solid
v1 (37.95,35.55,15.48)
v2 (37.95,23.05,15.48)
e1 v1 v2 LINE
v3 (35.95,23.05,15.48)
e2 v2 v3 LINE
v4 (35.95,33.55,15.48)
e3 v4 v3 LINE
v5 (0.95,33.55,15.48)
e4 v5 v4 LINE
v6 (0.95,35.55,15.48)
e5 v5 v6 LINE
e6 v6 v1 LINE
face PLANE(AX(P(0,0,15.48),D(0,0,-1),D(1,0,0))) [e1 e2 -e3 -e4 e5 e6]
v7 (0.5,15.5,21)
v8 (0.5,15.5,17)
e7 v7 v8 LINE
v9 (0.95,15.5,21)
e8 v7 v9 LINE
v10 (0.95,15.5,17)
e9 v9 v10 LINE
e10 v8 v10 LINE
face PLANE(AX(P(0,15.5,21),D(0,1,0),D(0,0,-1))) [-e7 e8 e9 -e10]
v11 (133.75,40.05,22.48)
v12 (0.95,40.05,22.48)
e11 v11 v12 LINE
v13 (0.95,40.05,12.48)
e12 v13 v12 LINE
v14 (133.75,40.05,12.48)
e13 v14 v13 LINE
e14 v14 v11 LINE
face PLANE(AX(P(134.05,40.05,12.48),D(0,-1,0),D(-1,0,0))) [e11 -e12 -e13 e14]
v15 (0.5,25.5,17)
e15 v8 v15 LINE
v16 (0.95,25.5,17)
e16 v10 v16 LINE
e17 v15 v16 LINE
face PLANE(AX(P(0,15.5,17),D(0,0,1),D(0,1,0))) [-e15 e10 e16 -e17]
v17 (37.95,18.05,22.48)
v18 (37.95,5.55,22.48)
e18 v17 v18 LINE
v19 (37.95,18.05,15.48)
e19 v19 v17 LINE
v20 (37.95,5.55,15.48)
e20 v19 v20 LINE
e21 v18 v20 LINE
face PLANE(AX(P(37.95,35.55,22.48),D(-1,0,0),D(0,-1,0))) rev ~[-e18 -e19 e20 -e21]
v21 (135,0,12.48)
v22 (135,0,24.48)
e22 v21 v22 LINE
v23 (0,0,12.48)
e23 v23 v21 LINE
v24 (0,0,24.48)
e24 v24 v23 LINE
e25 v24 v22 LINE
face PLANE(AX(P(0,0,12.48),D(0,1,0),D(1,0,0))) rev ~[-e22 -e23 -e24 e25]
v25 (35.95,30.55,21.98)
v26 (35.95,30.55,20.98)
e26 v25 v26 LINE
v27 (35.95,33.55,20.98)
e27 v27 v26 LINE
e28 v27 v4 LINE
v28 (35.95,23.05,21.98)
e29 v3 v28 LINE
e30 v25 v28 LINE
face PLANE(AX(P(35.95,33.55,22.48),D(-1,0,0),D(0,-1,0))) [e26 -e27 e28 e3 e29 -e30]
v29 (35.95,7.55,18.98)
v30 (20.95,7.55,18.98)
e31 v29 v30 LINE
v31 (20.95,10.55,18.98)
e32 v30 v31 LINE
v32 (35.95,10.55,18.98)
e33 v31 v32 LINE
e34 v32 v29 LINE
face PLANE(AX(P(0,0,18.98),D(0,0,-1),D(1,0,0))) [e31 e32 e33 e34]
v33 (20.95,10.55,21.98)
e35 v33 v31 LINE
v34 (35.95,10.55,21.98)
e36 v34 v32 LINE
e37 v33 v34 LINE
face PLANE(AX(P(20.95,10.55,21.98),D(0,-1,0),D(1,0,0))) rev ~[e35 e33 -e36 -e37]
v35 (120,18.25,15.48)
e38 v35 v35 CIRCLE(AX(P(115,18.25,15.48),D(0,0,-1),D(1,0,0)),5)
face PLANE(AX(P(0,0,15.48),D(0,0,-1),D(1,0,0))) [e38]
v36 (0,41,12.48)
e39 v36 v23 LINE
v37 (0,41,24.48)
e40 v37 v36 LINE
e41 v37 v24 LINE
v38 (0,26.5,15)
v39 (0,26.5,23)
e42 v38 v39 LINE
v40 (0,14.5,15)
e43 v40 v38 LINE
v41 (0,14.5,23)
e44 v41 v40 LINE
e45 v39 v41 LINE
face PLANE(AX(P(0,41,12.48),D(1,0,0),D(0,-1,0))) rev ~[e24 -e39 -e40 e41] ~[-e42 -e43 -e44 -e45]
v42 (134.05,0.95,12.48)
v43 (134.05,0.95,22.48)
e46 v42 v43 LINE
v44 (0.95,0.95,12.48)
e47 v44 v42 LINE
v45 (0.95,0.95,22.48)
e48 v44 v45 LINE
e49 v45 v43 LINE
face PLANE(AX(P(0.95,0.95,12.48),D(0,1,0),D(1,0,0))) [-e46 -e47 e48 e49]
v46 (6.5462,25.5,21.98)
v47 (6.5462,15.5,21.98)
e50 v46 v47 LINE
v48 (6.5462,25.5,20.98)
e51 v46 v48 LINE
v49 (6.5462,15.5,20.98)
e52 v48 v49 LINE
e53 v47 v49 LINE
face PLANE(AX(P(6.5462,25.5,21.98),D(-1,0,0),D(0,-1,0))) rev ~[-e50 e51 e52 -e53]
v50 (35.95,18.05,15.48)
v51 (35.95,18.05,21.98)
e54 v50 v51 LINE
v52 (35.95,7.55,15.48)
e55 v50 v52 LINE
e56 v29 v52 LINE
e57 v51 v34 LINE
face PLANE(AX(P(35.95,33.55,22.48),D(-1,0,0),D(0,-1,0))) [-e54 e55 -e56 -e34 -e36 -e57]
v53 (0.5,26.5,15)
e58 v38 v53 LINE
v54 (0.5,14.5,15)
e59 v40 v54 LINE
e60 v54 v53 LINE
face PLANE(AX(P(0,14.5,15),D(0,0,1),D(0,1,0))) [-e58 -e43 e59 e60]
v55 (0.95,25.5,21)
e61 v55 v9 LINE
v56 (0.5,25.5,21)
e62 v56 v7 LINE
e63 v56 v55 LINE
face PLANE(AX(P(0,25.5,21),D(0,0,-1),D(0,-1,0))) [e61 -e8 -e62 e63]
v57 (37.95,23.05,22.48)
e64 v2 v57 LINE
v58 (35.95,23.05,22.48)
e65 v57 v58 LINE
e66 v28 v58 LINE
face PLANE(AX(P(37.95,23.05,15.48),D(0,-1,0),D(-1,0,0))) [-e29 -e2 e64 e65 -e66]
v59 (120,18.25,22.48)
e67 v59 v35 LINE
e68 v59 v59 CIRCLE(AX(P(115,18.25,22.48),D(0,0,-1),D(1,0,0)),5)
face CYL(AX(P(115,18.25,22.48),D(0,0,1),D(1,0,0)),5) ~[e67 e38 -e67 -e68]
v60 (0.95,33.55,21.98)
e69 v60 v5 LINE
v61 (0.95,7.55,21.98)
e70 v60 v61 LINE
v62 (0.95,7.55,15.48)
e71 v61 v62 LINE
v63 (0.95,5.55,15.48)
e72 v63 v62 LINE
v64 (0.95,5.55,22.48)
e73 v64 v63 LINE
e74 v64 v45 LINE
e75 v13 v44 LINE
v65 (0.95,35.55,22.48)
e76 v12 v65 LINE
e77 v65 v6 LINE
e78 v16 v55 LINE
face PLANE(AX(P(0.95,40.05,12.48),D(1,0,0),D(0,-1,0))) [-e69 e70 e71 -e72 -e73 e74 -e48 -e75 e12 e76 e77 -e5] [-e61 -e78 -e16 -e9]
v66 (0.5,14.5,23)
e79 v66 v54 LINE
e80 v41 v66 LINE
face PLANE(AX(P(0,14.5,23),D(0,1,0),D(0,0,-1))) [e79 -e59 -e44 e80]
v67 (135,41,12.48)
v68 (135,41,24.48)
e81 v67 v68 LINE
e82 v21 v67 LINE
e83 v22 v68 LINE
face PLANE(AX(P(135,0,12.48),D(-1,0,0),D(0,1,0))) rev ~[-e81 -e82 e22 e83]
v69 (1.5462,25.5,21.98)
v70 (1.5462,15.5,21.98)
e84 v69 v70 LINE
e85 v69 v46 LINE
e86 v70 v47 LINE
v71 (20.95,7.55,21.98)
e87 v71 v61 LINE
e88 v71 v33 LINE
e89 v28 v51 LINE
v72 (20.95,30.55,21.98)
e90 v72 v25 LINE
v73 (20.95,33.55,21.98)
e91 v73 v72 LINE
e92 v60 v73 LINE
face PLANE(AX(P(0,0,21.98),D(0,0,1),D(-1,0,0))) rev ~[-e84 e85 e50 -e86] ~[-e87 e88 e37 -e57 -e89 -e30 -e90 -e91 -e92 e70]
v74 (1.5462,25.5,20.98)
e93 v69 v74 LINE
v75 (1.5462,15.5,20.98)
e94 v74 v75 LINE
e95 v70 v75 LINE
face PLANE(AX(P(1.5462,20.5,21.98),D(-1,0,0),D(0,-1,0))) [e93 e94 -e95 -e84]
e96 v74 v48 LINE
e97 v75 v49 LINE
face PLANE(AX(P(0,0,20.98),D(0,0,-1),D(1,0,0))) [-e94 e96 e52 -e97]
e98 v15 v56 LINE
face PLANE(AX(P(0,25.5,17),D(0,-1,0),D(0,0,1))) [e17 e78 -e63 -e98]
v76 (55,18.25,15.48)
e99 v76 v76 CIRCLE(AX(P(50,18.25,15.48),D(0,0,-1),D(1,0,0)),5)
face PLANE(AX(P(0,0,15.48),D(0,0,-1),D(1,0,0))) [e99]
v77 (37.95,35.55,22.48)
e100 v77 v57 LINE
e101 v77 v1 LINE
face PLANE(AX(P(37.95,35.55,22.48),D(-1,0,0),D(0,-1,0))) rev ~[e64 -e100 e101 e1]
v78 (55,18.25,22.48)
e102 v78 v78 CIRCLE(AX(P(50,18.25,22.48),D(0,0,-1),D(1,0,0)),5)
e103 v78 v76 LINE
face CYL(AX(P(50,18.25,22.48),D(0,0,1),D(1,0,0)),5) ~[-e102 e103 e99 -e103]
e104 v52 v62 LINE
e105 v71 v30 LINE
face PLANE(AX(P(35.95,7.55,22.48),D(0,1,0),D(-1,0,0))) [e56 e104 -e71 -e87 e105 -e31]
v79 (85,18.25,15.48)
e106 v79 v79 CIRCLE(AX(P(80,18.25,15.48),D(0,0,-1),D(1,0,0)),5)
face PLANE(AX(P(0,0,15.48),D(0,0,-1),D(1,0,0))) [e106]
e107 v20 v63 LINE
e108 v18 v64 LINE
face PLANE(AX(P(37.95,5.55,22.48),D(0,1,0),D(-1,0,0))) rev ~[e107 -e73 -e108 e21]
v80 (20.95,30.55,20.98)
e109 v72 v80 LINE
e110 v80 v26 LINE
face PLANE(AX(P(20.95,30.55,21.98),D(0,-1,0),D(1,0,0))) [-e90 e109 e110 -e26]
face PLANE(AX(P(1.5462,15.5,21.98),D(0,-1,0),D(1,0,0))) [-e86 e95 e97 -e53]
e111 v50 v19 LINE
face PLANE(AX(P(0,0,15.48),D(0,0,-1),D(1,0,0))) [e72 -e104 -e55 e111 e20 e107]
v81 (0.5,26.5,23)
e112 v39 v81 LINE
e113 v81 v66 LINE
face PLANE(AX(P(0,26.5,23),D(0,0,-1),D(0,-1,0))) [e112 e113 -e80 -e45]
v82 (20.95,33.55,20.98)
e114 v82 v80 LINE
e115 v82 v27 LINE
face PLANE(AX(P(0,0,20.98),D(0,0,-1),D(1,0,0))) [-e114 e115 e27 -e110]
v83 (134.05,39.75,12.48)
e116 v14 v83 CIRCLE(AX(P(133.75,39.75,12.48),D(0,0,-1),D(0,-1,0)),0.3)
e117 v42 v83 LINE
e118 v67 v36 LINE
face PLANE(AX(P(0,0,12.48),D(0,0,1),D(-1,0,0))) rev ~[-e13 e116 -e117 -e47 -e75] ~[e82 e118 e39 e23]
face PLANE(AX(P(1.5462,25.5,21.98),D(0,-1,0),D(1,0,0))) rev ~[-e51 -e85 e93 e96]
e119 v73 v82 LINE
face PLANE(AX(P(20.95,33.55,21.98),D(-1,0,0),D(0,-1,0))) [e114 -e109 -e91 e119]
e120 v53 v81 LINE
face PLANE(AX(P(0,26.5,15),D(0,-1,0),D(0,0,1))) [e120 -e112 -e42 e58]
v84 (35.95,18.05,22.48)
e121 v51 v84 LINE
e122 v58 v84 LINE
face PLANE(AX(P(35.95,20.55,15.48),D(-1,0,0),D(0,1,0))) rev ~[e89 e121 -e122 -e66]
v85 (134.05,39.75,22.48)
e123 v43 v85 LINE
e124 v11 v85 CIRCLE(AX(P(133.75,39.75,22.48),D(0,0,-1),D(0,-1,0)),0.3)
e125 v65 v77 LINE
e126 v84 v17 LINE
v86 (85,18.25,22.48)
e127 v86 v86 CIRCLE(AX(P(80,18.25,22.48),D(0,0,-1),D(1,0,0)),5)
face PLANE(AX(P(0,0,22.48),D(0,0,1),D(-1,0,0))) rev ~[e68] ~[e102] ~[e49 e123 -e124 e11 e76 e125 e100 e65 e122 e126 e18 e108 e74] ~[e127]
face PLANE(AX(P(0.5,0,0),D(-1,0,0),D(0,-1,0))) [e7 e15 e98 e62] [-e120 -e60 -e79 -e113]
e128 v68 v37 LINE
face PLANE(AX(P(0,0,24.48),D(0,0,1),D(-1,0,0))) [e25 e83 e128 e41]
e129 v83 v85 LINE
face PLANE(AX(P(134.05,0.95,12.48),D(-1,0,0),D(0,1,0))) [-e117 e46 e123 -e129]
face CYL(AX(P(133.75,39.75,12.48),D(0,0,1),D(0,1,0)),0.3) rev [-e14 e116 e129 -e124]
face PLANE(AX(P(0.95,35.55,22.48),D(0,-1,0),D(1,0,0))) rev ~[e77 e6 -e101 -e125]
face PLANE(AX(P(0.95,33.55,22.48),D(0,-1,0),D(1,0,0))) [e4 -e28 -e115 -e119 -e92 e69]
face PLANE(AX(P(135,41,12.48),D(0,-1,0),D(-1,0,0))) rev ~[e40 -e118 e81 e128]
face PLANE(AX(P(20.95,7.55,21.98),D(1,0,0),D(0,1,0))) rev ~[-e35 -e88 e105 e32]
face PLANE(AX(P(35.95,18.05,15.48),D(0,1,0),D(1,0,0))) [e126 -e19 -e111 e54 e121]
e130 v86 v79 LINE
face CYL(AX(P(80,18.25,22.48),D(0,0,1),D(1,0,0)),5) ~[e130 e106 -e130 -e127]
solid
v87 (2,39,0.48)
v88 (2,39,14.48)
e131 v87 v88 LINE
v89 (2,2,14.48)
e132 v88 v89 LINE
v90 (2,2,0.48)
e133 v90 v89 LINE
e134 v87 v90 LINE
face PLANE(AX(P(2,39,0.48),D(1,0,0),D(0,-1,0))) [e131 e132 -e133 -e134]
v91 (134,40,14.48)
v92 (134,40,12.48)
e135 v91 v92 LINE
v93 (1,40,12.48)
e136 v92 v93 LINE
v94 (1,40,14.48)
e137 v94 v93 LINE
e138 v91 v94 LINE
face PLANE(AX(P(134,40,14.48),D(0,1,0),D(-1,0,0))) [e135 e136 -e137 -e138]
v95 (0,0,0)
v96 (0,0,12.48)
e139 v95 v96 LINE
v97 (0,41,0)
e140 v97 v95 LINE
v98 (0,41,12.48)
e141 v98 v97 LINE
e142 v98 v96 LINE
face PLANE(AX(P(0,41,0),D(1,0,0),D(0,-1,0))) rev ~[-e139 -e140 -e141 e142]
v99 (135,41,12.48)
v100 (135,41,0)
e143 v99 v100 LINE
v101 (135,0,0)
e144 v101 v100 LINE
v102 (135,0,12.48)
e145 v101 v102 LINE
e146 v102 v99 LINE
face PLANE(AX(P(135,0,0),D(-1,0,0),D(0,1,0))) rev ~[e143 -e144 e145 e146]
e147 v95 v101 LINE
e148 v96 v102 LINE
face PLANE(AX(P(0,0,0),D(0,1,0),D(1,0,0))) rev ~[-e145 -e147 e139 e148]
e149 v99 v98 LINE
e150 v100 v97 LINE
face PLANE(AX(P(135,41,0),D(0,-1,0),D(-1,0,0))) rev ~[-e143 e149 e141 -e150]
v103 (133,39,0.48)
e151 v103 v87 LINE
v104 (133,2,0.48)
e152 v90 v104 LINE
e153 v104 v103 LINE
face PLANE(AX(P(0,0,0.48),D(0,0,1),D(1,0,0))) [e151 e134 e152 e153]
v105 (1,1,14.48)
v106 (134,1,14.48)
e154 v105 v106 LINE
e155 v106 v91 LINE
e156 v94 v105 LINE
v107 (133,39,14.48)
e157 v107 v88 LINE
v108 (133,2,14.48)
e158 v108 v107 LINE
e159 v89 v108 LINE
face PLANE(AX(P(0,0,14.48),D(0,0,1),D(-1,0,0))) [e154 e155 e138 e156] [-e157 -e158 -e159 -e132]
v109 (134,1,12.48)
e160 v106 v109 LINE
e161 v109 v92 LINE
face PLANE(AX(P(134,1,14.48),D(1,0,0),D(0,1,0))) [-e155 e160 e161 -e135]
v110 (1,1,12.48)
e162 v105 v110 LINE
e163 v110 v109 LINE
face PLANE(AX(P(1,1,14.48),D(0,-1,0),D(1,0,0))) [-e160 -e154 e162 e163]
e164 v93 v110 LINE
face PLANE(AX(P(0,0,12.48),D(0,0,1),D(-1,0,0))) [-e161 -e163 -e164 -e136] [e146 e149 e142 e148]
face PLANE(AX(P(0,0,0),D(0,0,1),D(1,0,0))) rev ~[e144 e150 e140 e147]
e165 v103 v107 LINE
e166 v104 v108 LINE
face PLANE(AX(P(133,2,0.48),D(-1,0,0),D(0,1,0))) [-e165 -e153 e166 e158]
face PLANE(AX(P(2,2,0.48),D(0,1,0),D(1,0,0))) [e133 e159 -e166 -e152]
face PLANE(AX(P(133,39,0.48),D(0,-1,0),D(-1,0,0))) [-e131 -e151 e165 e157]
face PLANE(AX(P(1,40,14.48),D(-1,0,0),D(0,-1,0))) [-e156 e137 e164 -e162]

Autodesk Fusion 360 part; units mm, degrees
sketch "Esquisse1" plane through (0, 0, 0) normal (0, 0, 1) x (1, 0, 0)
  line L0 (0, 0) -> (135, 0)
  line L1 (135, 0) -> (135, 41)
  line L2 (135, 41) -> (0, 41)
  line L3 (0, 41) -> (0, 0)
  dimension "d1" = 135
  dimension "d2" = 41
extrude "Extrusion3" add sketch "Esquisse1" along normal blind 0.48 makes body 1
sketch "Esquisse3" plane through (0, 0, 0.48) normal (0, 0, 1) x (-1, 0, 0)
  line L0 (0, -41) -> (0, 0)
  line L1 (0, 0) -> (-135, 0)
  line L2 (-135, 0) -> (-135, -41)
  line L3 (-135, -41) -> (0, -41)
  line L4 (-2, -2) -> (-133, -2)
  line L5 (-133, -2) -> (-133, -39)
  line L6 (-133, -39) -> (-2, -39)
  line L7 (-2, -39) -> (-2, -2)
  dimension "d11" = -2
extrude "Extrusion5" add sketch "Esquisse3" along normal blind 14 bodies 1
sketch "Esquisse4" plane through (0, 0, 14.48) normal (0, 0, 1) x (-1, 0, 0)
  line L0 (-2, -2) -> (-2, -39)
  line L1 (-2, -39) -> (-133, -39)
  line L2 (-133, -39) -> (-133, -2)
  line L3 (-133, -2) -> (-2, -2)
  line L4 (-135, -41) -> (0, -41)
  line L5 (0, -41) -> (0, 0)
  line L6 (0, 0) -> (-135, 0)
  line L7 (-135, 0) -> (-135, -41)
  line L8 (-1, -1) -> (-134, -1)
  line L9 (-134, -1) -> (-134, -40)
  line L10 (-134, -40) -> (-1, -40)
  line L11 (-1, -40) -> (-1, -1)
  dimension "d14" = -1
extrude "Extrusion6" cut sketch "Esquisse4" against normal blind 2 contours L4 L5 L6 L7 bodies 1
sketch "Esquisse4 (2)" plane through (0, 0, 12.48) normal (0, 0, 1) x (-1, 0, 0) in component "Couvercle"
  line L0 (-1, -1) -> (-1, -40)
  line L1 (-1, -40) -> (-134, -40)
  line L2 (-134, -40) -> (-134, -1)
  line L3 (-134, -1) -> (-1, -1)
  line L4 (-135, 0) -> (-135, -41)
  line L5 (-135, -41) -> (0, -41)
  line L6 (0, -41) -> (0, 0)
  line L7 (0, 0) -> (-135, 0)
  line L8 (0, 0) -> (-135, 0)
  line L9 (-135, 0) -> (-135, -41)
  line L10 (-135, -41) -> (0, -41)
  line L11 (0, -41) -> (0, 0)
  line L12 (-134.05, -40.05) -> (-0.95, -40.05)
  line L13 (-0.95, -40.05) -> (-0.95, -0.95)
  line L14 (-0.95, -0.95) -> (-134.05, -0.95)
  line L15 (-134.05, -0.95) -> (-134.05, -40.05)
  dimension "d28" = -0.95
extrude "Extrusion1" add sketch "Esquisse4 (2)" along normal blind 10 separate body contours L4 L5 L6 L7 L8 L9 L10 L11 makes body 2 in component "Couvercle"
sketch "Esquisse5" plane through (0, 0, 22.48) normal (0, 0, 1) x (-1, 0, 0) in component "Couvercle"
  line L0 (-134.05, -40.05) -> (-134.05, -0.95)
  line L1 (-134.05, -0.95) -> (-0.95, -0.95)
  line L2 (-0.95, -0.95) -> (-0.95, -40.05)
  line L3 (-0.95, -40.05) -> (-134.05, -40.05)
  line L4 (0, -41) -> (0, 0)
  line L5 (0, 0) -> (-135, 0)
  line L6 (-135, 0) -> (-135, -41)
  line L7 (-135, -41) -> (0, -41)
  line L8 (0, 0) -> (-135, 0)
  line L9 (-135, 0) -> (-135, -41)
  line L10 (-135, -41) -> (0, -41)
  line L11 (0, -41) -> (0, 0)
extrude "Extrusion2" add sketch "Esquisse5" along normal blind 2 contours L0 L1 L2 L3 | L4 L5 L6 L7 L8 L9 L10 L11 bodies 2 in component "Couvercle"
sketch "Esquisse7" plane through (0, 0, 22.48) normal (0, 0, -1) x (1, 0, 0) in component "Couvercle"
  line L0 (0.95, -40.05) -> (134.05, -40.05)
  line L1 (134.05, -40.05) -> (134.05, -0.95)
  line L2 (134.05, -0.95) -> (0.95, -0.95)
  line L3 (0.95, -0.95) -> (0.95, -40.05)
  line L4 (0.95, -33.55) -> (35.95, -33.55)
  line L5 (35.95, -33.55) -> (35.95, -7.55)
  line L6 (35.95, -7.55) -> (0.95, -7.55)
  line L7 (0.95, -7.55) -> (0.95, -33.55)
  line L8 (0.95, -35.55) -> (37.95, -35.55)
  line L9 (37.95, -35.55) -> (37.95, -5.55)
  line L10 (37.95, -5.55) -> (0.95, -5.55)
  dimension "d33" = 35
  dimension "d34" = 26
  dimension "d35" = 6.6
extrude "Extrusion3'" add sketch "Esquisse7" along normal blind 7 contours L3 L4 L5 L6 L8 L9 L10 bodies 2 in component "Couvercle"
sketch "Esquisse8" plane through (0, 0, 0) normal (-1, 0, 0) x (0, -1, 0) in component "Couvercle"
  line L0 (-41, 12.48) -> (0, 12.48)
  line L1 (0, 12.48) -> (0, 24.48)
  line L2 (0, 24.48) -> (-41, 24.48)
  line L3 (-41, 24.48) -> (-41, 12.48)
  line L4 (-25.5, 21) -> (-15.5, 21)
  line L5 (-15.5, 21) -> (-15.5, 17)
  line L6 (-15.5, 17) -> (-25.5, 17)
  line L7 (-25.5, 17) -> (-25.5, 21)
  line L8 (-26.5, 23) -> (-14.5, 23)
  line L9 (-14.5, 23) -> (-14.5, 15)
  line L10 (-14.5, 15) -> (-26.5, 15)
  line L11 (-26.5, 15) -> (-26.5, 23)
  dimension "d39" = 10
  dimension "d40" = 4
  dimension "d41" = 21
  dimension "d42" = 15.5
  dimension "d43" = 12
  dimension "d44" = 8
  dimension "d45" = 1
  dimension "d46" = 2
extrude "Extrusion4" cut sketch "Esquisse8" against normal up to surface (0.95 mm away) contours L4 L5 L6 L7 bodies 2 in component "Couvercle"
extrude "Extrusion5'" cut sketch "Esquisse8" against normal blind 0.5 contours L8 L9 L10 L11 bodies 2 in component "Couvercle"
fillet "Congé1" radius 0.3 1 edges at (134.05, 40.05, 17.48) on bodies 2 in component "Couvercle"
extrude "Extrusion6'" add 1 faces at (24.2833, 16.2167, 22.48) along direction (0, 0, -1) blind 0.5 on bodies 2 bodies 2 in component "Couvercle"
sketch "Esquisse9" plane through (0, 0, 15.48) normal (0, 0, -1) x (1, 0, 0) in component "Couvercle"
  line L0 (0.95, -33.55) -> (0.95, -35.55)
  line L1 (0.95, -35.55) -> (37.95, -35.55)
  line L2 (37.95, -35.55) -> (37.95, -5.55)
  line L3 (37.95, -5.55) -> (0.95, -5.55)
  line L4 (0.95, -5.55) -> (0.95, -7.55)
  line L5 (0.95, -7.55) -> (35.95, -7.55)
  line L6 (35.95, -7.55) -> (35.95, -33.55)
  line L7 (35.95, -33.55) -> (0.95, -33.55)
  line L8 (35.95, -20.55) -> (35.95, -18.05)
  line L9 (37.95, -18.05) -> (37.95, -23.05)
  line L10 (35.95, -18.05) -> (37.95, -18.05)
  line L11 (37.95, -23.05) -> (35.95, -23.05)
  line L12 (35.95, -20.55) -> (35.95, -18.05)
  line L13 (35.95, -23.05) -> (35.95, -20.55)
  dimension "d58" = 2.5
  dimension "d59" = 5
extrude "Extrusion7" cut sketch "Esquisse9" against normal up to surface (7 mm away) contours L2 L6 L8 L9 L10 L11 L12 L13 bodies 2 in component "Couvercle"
sketch "Esquisse10" plane through (0, 0, 22.48) normal (0, 0, -1) x (1, 0, 0) in component "Couvercle"
  arc A0 (133.75, -40.05) -> (134.05, -39.75) centre (133.75, -39.75) ccw
  line L0 (134.05, -39.75) -> (134.05, -0.95)
  line L1 (134.05, -0.95) -> (0.95, -0.95)
  line L2 (0.95, -0.95) -> (0.95, -5.55)
  line L3 (0.95, -5.55) -> (37.95, -5.55)
  line L4 (37.95, -5.55) -> (37.95, -18.05)
  line L5 (37.95, -18.05) -> (35.95, -18.05)
  line L6 (35.95, -18.05) -> (35.95, -23.05)
  line L7 (35.95, -23.05) -> (37.95, -23.05)
  line L8 (37.95, -23.05) -> (37.95, -35.55)
  line L9 (37.95, -35.55) -> (0.95, -35.55)
  line L10 (0.95, -35.55) -> (0.95, -40.05)
  line L11 (0.95, -40.05) -> (133.75, -40.05)
  circle A1 centre (115, -18.25) radius 5
  circle A2 centre (80, -18.25) radius 5
  circle A3 centre (50, -18.25) radius 5
  line L12 (135, 0) -> (135, -41)
  dimension "d62" = 10
  dimension "d63" = 10
  dimension "d66" = 10
  dimension "d67" = 20
  dimension "d70" = 35
  dimension "d71" = 30
extrude "Extrusion8" add sketch "Esquisse10" along normal blind 7 contours A1 | A2 | A3 bodies 2 in component "Couvercle"
sketch "Esquisse11" plane through (0, 0, 21.98) normal (0, 0, -1) x (1, 0, 0) in component "Couvercle"
  line L0 (35.95, -7.55) -> (0.95, -7.55)
  line L1 (0.95, -7.55) -> (0.95, -33.55)
  line L2 (0.95, -33.55) -> (35.95, -33.55)
  line L3 (35.95, -33.55) -> (35.95, -23.05)
  line L4 (35.95, -23.05) -> (35.95, -18.05)
  line L5 (35.95, -18.05) -> (35.95, -7.55)
  line L6 (35.95, -7.55) -> (20.95, -7.55)
  line L7 (20.95, -7.55) -> (20.95, -10.55)
  line L8 (20.95, -10.55) -> (35.95, -10.55)
  line L9 (35.95, -10.55) -> (35.95, -7.55)
  line L10 (35.95, -33.55) -> (20.95, -33.55)
  line L11 (20.95, -33.55) -> (20.95, -30.55)
  line L12 (20.95, -30.55) -> (35.95, -30.55)
  line L13 (35.95, -30.55) -> (35.95, -33.55)
  line L14 (1.5462, -20.5) -> (1.5462, -15.5)
  line L15 (1.5462, -20.5) -> (1.5462, -25.5)
  line L16 (1.5462, -15.5) -> (6.5462, -15.5)
  line L17 (1.5462, -25.5) -> (6.5462, -25.5)
  line L18 (6.5462, -25.5) -> (6.5462, -15.5)
  dimension "d72" = 15
  dimension "d73" = 3
  dimension "d76" = 15
  dimension "d77" = 3
  dimension "d78" = 5
  dimension "d79" = 5
  dimension "d80" = 5
  dimension "d81" = 5
extrude "Extrusion9" add sketch "Esquisse11" along normal blind 3 contours L0 L5 L6 L7 L8 L9 bodies 2 in component "Couvercle"
extrude "Extrusion10" add sketch "Esquisse11" along normal blind 1 contours L14 L15 L16 L17 L18 bodies 2 in component "Couvercle"
extrude "Extrusion11" add sketch "Esquisse11" along normal blind 1 contours L2 L3 L10 L11 L12 L13 bodies 2 in component "Couvercle"
sketch "Esquisse5 (2)" plane through (0, 0, 0.48) normal (0, 0, 1) x (-1, 0, 0)
  line L0 (-2, -2) -> (-133, -2)
  line L1 (-133, -2) -> (-133, -39)
  line L2 (-133, -39) -> (-2, -39)
  line L3 (-2, -39) -> (-2, -2)
  line L4 (-2, -39) -> (-133, -39)
  line L5 (-133, -39) -> (-133, -36)
  line L6 (-133, -36) -> (-2, -36)
  line L7 (-2, -36) -> (-2, -39)
  dimension "d47" = 3
extrude "Extrusion7'" [suppressed]
component "Couvercle" placed x (1, 0, 0) y (0, 1, 0) z (0, 0, 1) at (0, 0, 0)
